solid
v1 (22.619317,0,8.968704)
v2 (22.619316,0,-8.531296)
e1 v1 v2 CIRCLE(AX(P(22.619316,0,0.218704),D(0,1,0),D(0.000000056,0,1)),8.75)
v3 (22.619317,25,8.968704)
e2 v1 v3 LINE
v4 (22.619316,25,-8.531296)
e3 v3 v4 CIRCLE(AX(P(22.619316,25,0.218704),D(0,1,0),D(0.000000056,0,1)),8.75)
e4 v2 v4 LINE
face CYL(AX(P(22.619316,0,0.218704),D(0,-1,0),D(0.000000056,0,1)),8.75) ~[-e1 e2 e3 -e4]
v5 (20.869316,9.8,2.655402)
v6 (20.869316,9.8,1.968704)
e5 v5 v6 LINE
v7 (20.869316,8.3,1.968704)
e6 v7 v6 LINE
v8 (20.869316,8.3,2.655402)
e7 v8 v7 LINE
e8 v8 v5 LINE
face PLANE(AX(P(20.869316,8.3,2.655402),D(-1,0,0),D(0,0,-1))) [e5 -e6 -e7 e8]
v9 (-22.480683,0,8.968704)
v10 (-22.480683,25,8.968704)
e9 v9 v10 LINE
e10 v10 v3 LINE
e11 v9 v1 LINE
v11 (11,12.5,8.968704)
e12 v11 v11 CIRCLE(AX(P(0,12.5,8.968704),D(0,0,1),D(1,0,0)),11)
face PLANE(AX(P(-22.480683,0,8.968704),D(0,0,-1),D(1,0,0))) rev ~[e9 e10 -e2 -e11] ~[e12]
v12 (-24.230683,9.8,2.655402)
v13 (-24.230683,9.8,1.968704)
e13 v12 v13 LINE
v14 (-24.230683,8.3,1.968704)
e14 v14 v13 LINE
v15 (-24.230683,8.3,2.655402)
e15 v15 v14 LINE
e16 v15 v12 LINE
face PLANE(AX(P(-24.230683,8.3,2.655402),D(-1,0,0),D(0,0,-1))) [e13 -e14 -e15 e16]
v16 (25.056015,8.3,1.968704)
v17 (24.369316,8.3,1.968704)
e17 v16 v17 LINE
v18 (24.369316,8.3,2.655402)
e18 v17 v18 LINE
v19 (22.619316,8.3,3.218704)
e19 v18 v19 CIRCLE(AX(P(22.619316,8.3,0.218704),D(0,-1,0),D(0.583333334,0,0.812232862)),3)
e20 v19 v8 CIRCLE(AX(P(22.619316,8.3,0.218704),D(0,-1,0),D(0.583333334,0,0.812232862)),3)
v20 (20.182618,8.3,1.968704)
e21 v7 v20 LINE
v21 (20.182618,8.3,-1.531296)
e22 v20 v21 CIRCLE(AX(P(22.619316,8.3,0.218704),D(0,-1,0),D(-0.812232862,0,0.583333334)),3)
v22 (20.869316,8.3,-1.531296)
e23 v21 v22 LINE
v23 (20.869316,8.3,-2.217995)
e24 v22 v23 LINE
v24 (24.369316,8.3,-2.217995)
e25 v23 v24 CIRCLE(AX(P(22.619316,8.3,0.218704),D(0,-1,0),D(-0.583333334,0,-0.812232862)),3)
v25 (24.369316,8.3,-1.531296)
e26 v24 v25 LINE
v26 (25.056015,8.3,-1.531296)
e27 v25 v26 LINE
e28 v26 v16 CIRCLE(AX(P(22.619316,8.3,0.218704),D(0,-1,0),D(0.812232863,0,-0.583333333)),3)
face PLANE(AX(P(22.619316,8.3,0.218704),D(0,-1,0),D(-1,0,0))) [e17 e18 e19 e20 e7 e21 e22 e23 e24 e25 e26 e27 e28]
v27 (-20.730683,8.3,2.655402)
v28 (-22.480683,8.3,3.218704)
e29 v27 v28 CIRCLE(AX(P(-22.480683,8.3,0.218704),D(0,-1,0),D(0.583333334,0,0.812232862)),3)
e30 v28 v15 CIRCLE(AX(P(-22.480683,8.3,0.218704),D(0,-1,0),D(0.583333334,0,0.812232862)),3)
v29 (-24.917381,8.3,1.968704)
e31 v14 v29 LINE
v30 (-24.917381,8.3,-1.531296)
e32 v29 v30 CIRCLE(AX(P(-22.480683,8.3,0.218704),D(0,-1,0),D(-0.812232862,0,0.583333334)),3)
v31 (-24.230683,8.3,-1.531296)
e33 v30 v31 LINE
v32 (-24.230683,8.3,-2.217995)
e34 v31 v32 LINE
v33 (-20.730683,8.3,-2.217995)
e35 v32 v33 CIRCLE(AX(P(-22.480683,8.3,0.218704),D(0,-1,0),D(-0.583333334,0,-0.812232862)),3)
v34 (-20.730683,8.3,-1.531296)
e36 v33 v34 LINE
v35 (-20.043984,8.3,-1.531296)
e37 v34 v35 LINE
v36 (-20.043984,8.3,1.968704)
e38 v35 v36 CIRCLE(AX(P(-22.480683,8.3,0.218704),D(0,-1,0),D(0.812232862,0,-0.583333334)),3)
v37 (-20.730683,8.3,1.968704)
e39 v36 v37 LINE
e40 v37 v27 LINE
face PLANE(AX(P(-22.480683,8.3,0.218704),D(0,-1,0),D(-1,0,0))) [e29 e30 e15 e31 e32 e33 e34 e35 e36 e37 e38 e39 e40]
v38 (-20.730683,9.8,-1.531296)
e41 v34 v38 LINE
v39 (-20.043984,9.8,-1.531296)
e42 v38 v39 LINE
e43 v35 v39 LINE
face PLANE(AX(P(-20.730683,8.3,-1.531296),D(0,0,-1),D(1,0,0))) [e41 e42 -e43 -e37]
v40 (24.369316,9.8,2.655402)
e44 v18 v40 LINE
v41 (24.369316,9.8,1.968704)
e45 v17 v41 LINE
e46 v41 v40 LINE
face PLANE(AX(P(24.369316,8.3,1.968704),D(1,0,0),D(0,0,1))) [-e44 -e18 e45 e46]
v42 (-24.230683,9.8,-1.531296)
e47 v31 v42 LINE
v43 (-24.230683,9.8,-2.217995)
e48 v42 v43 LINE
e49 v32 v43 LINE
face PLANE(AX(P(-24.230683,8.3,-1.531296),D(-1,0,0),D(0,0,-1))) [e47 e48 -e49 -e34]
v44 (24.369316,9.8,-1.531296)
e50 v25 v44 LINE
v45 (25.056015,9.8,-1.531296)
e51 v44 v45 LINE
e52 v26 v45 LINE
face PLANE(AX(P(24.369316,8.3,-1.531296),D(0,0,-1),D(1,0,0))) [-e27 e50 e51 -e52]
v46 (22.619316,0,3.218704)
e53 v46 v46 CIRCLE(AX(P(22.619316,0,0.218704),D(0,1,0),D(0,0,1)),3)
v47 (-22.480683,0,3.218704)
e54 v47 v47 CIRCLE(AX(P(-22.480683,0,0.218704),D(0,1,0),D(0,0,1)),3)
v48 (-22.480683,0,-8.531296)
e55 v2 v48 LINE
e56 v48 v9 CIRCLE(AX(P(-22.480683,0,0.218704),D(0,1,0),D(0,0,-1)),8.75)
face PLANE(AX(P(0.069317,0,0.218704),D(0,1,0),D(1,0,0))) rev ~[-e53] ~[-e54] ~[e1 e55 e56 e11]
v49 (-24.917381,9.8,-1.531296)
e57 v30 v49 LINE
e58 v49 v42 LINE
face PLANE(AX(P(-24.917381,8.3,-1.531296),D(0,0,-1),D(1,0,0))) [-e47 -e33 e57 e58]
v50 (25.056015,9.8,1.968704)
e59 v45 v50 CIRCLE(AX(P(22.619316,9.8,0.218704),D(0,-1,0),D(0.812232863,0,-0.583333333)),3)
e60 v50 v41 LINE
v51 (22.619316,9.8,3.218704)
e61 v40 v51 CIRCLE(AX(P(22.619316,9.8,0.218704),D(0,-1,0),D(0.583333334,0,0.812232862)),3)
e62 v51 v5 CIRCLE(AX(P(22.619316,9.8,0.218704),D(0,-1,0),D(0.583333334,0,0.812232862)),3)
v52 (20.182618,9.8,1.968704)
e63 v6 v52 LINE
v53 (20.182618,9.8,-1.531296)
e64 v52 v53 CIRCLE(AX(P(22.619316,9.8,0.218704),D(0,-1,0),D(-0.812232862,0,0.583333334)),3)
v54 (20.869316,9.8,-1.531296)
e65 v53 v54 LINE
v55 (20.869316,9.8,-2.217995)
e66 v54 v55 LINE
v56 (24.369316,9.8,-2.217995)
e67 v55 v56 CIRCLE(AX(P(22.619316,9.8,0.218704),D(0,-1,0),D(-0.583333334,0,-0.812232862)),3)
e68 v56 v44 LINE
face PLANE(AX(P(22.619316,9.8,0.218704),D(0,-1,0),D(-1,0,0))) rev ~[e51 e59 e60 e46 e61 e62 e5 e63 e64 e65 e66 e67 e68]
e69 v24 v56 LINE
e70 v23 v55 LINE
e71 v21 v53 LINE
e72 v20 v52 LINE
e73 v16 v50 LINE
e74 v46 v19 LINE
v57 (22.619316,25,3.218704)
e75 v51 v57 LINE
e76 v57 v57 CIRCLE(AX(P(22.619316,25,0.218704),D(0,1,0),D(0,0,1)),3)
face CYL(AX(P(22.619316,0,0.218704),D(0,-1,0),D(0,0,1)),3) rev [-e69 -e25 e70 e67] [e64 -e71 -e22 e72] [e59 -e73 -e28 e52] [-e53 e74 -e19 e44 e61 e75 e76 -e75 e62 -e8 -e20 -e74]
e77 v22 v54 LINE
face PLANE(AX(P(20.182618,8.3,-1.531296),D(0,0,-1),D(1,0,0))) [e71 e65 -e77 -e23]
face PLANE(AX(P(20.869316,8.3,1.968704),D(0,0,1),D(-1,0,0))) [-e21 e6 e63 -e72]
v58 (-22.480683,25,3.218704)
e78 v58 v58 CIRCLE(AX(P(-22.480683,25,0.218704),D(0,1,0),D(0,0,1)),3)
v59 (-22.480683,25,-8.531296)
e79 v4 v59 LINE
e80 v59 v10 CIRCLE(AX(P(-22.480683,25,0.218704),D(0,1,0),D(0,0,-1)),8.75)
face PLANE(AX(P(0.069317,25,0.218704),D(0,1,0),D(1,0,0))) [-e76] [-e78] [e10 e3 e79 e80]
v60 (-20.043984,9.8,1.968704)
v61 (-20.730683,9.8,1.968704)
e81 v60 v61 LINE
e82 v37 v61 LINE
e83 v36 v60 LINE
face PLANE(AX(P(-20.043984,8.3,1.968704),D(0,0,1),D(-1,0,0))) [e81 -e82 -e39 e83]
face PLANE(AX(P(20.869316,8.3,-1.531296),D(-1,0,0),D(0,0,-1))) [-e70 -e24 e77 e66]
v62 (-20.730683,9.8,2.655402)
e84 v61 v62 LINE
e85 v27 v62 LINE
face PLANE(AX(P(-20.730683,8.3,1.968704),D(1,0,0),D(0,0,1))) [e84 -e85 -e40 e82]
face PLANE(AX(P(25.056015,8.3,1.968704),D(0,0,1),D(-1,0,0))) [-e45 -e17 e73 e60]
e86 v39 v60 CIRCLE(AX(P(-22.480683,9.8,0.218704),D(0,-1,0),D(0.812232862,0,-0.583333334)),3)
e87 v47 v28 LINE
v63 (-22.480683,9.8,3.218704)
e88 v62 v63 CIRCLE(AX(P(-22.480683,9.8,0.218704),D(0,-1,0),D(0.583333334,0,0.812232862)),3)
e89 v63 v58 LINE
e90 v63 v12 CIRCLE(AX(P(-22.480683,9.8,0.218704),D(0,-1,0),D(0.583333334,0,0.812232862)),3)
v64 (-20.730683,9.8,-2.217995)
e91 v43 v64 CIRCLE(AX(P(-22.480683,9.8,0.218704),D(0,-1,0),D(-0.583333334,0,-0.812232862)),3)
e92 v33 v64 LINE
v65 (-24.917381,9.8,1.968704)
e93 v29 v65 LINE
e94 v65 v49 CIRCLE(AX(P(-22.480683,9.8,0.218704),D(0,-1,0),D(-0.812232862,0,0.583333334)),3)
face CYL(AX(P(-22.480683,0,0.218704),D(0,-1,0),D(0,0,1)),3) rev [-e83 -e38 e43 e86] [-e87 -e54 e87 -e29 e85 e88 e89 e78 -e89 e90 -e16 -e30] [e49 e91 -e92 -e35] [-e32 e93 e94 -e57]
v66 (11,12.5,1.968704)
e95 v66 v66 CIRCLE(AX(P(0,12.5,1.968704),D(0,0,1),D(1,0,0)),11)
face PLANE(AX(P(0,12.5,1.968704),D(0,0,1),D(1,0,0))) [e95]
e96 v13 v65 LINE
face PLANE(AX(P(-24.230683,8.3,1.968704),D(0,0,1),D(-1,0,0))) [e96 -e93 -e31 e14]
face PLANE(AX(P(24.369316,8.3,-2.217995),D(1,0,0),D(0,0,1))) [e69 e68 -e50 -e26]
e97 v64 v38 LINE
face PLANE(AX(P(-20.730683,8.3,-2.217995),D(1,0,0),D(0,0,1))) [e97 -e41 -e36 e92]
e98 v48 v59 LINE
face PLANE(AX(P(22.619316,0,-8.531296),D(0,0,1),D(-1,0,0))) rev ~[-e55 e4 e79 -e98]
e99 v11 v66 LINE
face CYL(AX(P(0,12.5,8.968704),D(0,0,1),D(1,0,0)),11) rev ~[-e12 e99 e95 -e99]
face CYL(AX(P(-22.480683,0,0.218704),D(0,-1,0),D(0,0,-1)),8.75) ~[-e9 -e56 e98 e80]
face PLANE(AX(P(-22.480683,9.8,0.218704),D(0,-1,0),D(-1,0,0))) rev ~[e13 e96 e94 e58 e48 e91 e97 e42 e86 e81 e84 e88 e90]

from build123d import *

# Parameters (mm, degrees)
SKETCH1_R           = 3
BOSS_EXTRUDE1_DEPTH = 25
SKETCH3_R           = 11
CUT_EXTRUDE1_DEPTH  = 7
BOSS_EXTRUDE2_START = -1.5
BOSS_EXTRUDE2_DEPTH = 1.5
BOSS_EXTRUDE3_START = -1.5
BOSS_EXTRUDE3_DEPTH = 1.5


with BuildPart() as part:
    # Sketch1 → Boss-Extrude1 (new body)
    with BuildSketch(Plane(origin=(0, 0, 0), x_dir=(1, 0, 0), z_dir=(0, 1, 0))):
        with BuildLine():
            Line((-22.480683045, -8.968703758), (22.619316955, -8.968703758))
            ThreePointArc((22.619316955, -8.968703758), (31.369316462, -0.218703512), (22.619316462, 8.531296242))
            Line((22.619316462, 8.531296242), (-22.480682552, 8.531296242))
            ThreePointArc((-22.480682552, 8.531296242), (-31.230682552, -0.218703512), (-22.480683045, -8.968703758))
        make_face()
        with Locations(Location((-22.480682552, -0.218703758, 0), (0, 0, 270))):
            Circle(SKETCH1_R, mode=Mode.SUBTRACT)
        with Locations(Location((22.619316462, -0.218703758, 0), (0, 0, 270))):
            Circle(SKETCH1_R, mode=Mode.SUBTRACT)
    extrude(amount=BOSS_EXTRUDE1_DEPTH)

    # Sketch3 → Cut-Extrude1 (cut)
    with BuildSketch(Plane.XY.offset(8.968703758)):
        with Locations((0, 12.5)):
            Circle(SKETCH3_R)
    extrude(amount=-CUT_EXTRUDE1_DEPTH, mode=Mode.SUBTRACT)

    # Sketch4 → Boss-Extrude2 (add)
    with BuildSketch(Plane(origin=(0, 9.8, 0), x_dir=(1, 0, 0), z_dir=(0, 1, 0)).offset(BOSS_EXTRUDE2_START)):
        with BuildLine():
            Line((-20.730682552, 2.217994828), (-20.730682552, 1.531296242))
            Line((-20.730682552, 1.531296242), (-20.043983966, 1.531296242))
            ThreePointArc((-20.043983966, 1.531296242), (-19.480682552, -0.218703758), (-20.043983966, -1.968703758))
            Line((-20.043983966, -1.968703758), (-20.730682552, -1.968703758))
            Line((-20.730682552, -1.968703758), (-20.730682552, -2.655402344))
            ThreePointArc((-20.730682552, -2.655402344), (-22.480682552, -3.218703758), (-24.230682552, -2.655402344))
            Line((-24.230682552, -2.655402344), (-24.230682552, -1.968703758))
            Line((-24.230682552, -1.968703758), (-24.917381138, -1.968703758))
            ThreePointArc((-24.917381138, -1.968703758), (-25.480682552, -0.218703758), (-24.917381138, 1.531296242))
            Line((-24.917381138, 1.531296242), (-24.230682552, 1.531296242))
            Line((-24.230682552, 1.531296242), (-24.230682552, 2.217994828))
            ThreePointArc((-24.230682552, 2.217994828), (-22.480682552, 2.781296242), (-20.730682552, 2.217994828))
        make_face()
    extrude(amount=BOSS_EXTRUDE2_DEPTH)

    # Sketch5 → Boss-Extrude3 (add)
    with BuildSketch(Plane(origin=(0, 9.8, 0), x_dir=(1, 0, 0), z_dir=(0, 1, 0)).offset(BOSS_EXTRUDE3_START)):
        with BuildLine():
            Line((24.369316462, 2.217994828), (24.369316462, 1.531296242))
            Line((24.369316462, 1.531296242), (25.056015049, 1.531296242))
            ThreePointArc((25.056015049, 1.531296242), (25.619316462, -0.218703758), (25.056015049, -1.968703758))
            Line((25.056015049, -1.968703758), (24.369316462, -1.968703758))
            Line((24.369316462, -1.968703758), (24.369316462, -2.655402344))
            ThreePointArc((24.369316462, -2.655402344), (22.619316462, -3.218703758), (20.869316462, -2.655402344))
            Line((20.869316462, -2.655402344), (20.869316462, -1.968703758))
            Line((20.869316462, -1.968703758), (20.182617876, -1.968703758))
            ThreePointArc((20.182617876, -1.968703758), (19.619316462, -0.218703758), (20.182617876, 1.531296242))
            Line((20.182617876, 1.531296242), (20.869316462, 1.531296242))
            Line((20.869316462, 1.531296242), (20.869316462, 2.217994828))
            ThreePointArc((20.869316462, 2.217994828), (22.619316462, 2.781296242), (24.369316462, 2.217994828))
        make_face()
    extrude(amount=BOSS_EXTRUDE3_DEPTH)


solid = part.part
